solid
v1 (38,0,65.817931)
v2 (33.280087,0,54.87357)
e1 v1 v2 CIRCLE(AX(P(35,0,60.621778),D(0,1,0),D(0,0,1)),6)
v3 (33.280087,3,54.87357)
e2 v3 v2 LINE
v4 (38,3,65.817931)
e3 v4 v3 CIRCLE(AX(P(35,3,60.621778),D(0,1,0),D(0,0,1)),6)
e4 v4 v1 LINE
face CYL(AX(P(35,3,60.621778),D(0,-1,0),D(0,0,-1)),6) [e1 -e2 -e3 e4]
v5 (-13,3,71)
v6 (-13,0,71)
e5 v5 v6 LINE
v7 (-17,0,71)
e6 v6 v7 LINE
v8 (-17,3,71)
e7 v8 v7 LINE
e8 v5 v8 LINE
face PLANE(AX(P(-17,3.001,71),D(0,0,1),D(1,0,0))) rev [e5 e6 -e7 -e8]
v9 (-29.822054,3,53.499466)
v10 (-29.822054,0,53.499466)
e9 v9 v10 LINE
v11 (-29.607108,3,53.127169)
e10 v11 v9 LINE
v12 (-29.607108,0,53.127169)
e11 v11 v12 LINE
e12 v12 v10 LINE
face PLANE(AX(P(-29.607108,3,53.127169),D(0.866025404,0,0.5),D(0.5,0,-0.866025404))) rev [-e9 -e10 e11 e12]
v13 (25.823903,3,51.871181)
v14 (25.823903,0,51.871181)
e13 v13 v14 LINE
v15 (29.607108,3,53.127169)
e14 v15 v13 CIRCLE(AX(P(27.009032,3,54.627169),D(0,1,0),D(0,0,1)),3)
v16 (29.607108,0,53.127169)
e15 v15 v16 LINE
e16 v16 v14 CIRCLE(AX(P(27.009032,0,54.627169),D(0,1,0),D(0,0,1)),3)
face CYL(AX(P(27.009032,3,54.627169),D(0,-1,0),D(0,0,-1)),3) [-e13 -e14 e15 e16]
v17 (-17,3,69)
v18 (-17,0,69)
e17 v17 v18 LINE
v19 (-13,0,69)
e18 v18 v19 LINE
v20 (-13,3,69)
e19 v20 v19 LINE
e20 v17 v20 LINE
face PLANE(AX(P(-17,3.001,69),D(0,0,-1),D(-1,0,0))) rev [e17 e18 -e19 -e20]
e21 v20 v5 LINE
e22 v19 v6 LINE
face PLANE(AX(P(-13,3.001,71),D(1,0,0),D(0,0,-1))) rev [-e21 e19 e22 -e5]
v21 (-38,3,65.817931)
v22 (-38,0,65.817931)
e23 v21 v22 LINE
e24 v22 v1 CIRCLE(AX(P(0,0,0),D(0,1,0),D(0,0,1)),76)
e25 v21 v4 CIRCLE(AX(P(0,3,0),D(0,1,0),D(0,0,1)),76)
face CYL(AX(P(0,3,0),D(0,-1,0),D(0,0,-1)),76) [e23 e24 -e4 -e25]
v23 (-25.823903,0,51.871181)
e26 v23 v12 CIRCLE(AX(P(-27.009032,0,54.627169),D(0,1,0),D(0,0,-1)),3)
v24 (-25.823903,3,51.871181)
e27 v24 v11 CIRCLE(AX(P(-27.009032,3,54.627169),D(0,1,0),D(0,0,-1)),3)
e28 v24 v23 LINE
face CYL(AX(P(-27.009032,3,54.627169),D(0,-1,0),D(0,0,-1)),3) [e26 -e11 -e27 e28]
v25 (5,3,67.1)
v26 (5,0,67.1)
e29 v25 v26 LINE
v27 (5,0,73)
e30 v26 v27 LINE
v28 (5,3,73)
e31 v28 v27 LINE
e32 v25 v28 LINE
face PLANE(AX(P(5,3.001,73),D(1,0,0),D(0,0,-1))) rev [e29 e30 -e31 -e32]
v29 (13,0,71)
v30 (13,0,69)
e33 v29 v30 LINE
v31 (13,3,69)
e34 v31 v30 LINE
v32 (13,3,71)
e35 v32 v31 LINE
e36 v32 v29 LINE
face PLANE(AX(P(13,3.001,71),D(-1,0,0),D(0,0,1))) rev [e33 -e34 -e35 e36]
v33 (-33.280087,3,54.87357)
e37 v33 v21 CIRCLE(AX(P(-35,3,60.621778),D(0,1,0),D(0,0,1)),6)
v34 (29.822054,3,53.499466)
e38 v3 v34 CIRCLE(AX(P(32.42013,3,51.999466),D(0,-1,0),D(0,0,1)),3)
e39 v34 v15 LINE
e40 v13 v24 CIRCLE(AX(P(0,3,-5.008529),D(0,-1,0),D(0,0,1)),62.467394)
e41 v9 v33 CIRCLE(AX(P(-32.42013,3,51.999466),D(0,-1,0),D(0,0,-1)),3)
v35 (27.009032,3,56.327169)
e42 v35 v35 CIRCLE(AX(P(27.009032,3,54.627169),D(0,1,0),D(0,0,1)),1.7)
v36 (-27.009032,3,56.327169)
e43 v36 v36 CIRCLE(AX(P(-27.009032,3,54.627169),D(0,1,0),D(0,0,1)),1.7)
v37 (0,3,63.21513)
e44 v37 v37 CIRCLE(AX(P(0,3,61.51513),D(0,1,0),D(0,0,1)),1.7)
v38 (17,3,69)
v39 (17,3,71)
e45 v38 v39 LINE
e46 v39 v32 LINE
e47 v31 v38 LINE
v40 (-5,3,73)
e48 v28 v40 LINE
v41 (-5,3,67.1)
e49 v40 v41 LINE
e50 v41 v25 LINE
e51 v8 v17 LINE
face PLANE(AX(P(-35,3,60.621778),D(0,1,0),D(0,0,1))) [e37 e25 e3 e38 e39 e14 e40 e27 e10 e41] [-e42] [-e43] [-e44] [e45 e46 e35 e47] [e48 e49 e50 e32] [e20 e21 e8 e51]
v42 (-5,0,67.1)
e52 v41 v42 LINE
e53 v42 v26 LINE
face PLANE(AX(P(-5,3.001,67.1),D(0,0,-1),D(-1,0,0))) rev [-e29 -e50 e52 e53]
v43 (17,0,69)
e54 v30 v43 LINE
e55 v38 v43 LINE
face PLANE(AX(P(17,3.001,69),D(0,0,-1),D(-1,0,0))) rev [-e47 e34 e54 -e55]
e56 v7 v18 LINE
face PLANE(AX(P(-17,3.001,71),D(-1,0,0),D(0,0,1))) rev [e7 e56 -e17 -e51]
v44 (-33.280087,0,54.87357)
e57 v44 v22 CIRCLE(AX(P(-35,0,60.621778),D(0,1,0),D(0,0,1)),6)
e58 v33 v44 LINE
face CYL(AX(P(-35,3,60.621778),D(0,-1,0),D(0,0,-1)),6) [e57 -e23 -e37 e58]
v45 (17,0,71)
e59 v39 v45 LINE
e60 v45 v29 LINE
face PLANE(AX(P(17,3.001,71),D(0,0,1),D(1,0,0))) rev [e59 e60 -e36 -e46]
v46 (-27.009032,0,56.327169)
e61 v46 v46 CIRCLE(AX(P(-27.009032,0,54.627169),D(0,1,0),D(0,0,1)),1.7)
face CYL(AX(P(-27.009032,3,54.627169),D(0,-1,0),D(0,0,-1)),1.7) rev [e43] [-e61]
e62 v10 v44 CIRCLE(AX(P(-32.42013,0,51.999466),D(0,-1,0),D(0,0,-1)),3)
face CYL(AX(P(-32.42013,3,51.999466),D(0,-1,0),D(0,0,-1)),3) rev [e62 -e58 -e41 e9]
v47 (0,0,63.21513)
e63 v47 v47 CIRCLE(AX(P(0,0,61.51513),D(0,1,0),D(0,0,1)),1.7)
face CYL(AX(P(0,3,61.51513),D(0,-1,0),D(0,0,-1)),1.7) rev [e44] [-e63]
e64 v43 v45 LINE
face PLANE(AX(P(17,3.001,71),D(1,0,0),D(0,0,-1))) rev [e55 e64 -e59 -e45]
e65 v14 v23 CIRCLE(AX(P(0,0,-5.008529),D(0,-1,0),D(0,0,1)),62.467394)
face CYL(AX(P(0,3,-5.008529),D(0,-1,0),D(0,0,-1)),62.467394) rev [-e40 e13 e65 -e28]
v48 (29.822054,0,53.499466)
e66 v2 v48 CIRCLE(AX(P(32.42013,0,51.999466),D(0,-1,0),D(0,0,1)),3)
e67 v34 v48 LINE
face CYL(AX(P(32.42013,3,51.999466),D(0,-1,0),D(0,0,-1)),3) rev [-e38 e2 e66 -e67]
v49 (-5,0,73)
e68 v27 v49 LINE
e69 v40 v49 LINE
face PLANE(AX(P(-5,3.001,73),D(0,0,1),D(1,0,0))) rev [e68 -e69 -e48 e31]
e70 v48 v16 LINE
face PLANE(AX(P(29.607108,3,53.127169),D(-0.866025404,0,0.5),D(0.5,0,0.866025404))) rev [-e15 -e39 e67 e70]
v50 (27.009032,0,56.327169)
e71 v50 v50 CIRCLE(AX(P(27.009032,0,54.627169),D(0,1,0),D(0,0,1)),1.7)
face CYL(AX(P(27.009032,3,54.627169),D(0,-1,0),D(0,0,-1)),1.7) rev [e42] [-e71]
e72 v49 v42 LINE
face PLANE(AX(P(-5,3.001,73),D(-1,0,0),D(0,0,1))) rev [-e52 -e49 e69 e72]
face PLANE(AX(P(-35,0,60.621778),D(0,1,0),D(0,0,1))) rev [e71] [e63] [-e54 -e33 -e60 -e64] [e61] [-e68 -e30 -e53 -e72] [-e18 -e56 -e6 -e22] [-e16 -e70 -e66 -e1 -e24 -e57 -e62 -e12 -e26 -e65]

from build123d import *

# Parameters (mm, degrees)
CROQUIS1_R              = 1.7
SALIENTE_EXTRUIR1_DEPTH = 3
CORTAR_EXTRUIR1_REACH   = 88.406
CROQUIS3_W              = 4
CROQUIS3_H              = 2
CROQUIS3_W_2            = 10
CROQUIS3_H_2            = 5.9


with BuildPart() as part:
    # Croquis1 → Saliente-Extruir1 (new body)
    with BuildSketch(Plane(origin=(0, 0, 0), x_dir=(1, 0, 0), z_dir=(0, 1, 0))):
        with BuildLine():
            Line((-29.607107898, -53.127168991), (-29.822053636, -53.49946593))
            ThreePointArc((-29.822053636, -53.49946593), (-31.312291696, -54.787421208), (-33.280086565, -54.873570042))
            ThreePointArc((-33.280086565, -54.873570042), (-40.509483904, -58.24573384), (-38, -65.817930688))
            ThreePointArc((-38, -65.817930688), (0, -76), (38, -65.817930688))
            ThreePointArc((38, -65.817930688), (40.509483904, -58.24573384), (33.280086565, -54.873570042))
            ThreePointArc((33.280086565, -54.873570042), (31.312291696, -54.787421208), (29.822053636, -53.49946593))
            Line((29.822053636, -53.49946593), (29.607107898, -53.127168991))
            ThreePointArc((29.607107898, -53.127168991), (27.954273423, -51.77997422), (25.823903289, -51.871180841))
            ThreePointArc((25.823903289, -51.871180841), (0, -57.458865486), (-25.823903289, -51.871180841))
            ThreePointArc((-25.823903289, -51.871180841), (-27.954273423, -51.77997422), (-29.607107898, -53.127168991))
        make_face()
        with Locations(Location((27.009031687, -54.627168991, 0), (0, 0, 270))):
            Circle(CROQUIS1_R, mode=Mode.SUBTRACT)
        with Locations(Location((0, -61.515130262, 0), (0, 0, 270))):
            Circle(CROQUIS1_R, mode=Mode.SUBTRACT)
        with Locations(Location((-27.009031687, -54.627168991, 0), (0, 0, 270))):
            Circle(CROQUIS1_R, mode=Mode.SUBTRACT)
    extrude(amount=SALIENTE_EXTRUIR1_DEPTH)

    # Croquis3 → Cortar-Extruir1 (cut, up to next)
    with BuildSketch(Plane.XZ, mode=Mode.PRIVATE) as cortar_extruir1_sk1:
        with Locations((15, 70)):
            Rectangle(CROQUIS3_W, CROQUIS3_H)
    cortar_extruir1_tool1 = extrude(cortar_extruir1_sk1.sketch, amount=-CORTAR_EXTRUIR1_REACH, mode=Mode.PRIVATE) & part.part
    # Croquis3 → Cortar-Extruir1 (cut, up to next)
    with BuildSketch(Plane.XZ, mode=Mode.PRIVATE) as cortar_extruir1_sk2:
        with Locations((0, 70.05)):
            Rectangle(CROQUIS3_W_2, CROQUIS3_H_2)
    cortar_extruir1_tool2 = extrude(cortar_extruir1_sk2.sketch, amount=-CORTAR_EXTRUIR1_REACH, mode=Mode.PRIVATE) & part.part
    # Croquis3 → Cortar-Extruir1 (cut, up to next)
    with BuildSketch(Plane.XZ, mode=Mode.PRIVATE) as cortar_extruir1_sk3:
        with Locations((-15, 70)):
            Rectangle(CROQUIS3_W, CROQUIS3_H)
    cortar_extruir1_tool3 = extrude(cortar_extruir1_sk3.sketch, amount=-CORTAR_EXTRUIR1_REACH, mode=Mode.PRIVATE) & part.part
    add(cortar_extruir1_tool1.solids().sort_by_distance((15, 0, 70))[0], mode=Mode.SUBTRACT)
    add(cortar_extruir1_tool2.solids().sort_by_distance((0, 0, 70.05))[0], mode=Mode.SUBTRACT)
    add(cortar_extruir1_tool3.solids().sort_by_distance((-15, 0, 70))[0], mode=Mode.SUBTRACT)


solid = part.part
